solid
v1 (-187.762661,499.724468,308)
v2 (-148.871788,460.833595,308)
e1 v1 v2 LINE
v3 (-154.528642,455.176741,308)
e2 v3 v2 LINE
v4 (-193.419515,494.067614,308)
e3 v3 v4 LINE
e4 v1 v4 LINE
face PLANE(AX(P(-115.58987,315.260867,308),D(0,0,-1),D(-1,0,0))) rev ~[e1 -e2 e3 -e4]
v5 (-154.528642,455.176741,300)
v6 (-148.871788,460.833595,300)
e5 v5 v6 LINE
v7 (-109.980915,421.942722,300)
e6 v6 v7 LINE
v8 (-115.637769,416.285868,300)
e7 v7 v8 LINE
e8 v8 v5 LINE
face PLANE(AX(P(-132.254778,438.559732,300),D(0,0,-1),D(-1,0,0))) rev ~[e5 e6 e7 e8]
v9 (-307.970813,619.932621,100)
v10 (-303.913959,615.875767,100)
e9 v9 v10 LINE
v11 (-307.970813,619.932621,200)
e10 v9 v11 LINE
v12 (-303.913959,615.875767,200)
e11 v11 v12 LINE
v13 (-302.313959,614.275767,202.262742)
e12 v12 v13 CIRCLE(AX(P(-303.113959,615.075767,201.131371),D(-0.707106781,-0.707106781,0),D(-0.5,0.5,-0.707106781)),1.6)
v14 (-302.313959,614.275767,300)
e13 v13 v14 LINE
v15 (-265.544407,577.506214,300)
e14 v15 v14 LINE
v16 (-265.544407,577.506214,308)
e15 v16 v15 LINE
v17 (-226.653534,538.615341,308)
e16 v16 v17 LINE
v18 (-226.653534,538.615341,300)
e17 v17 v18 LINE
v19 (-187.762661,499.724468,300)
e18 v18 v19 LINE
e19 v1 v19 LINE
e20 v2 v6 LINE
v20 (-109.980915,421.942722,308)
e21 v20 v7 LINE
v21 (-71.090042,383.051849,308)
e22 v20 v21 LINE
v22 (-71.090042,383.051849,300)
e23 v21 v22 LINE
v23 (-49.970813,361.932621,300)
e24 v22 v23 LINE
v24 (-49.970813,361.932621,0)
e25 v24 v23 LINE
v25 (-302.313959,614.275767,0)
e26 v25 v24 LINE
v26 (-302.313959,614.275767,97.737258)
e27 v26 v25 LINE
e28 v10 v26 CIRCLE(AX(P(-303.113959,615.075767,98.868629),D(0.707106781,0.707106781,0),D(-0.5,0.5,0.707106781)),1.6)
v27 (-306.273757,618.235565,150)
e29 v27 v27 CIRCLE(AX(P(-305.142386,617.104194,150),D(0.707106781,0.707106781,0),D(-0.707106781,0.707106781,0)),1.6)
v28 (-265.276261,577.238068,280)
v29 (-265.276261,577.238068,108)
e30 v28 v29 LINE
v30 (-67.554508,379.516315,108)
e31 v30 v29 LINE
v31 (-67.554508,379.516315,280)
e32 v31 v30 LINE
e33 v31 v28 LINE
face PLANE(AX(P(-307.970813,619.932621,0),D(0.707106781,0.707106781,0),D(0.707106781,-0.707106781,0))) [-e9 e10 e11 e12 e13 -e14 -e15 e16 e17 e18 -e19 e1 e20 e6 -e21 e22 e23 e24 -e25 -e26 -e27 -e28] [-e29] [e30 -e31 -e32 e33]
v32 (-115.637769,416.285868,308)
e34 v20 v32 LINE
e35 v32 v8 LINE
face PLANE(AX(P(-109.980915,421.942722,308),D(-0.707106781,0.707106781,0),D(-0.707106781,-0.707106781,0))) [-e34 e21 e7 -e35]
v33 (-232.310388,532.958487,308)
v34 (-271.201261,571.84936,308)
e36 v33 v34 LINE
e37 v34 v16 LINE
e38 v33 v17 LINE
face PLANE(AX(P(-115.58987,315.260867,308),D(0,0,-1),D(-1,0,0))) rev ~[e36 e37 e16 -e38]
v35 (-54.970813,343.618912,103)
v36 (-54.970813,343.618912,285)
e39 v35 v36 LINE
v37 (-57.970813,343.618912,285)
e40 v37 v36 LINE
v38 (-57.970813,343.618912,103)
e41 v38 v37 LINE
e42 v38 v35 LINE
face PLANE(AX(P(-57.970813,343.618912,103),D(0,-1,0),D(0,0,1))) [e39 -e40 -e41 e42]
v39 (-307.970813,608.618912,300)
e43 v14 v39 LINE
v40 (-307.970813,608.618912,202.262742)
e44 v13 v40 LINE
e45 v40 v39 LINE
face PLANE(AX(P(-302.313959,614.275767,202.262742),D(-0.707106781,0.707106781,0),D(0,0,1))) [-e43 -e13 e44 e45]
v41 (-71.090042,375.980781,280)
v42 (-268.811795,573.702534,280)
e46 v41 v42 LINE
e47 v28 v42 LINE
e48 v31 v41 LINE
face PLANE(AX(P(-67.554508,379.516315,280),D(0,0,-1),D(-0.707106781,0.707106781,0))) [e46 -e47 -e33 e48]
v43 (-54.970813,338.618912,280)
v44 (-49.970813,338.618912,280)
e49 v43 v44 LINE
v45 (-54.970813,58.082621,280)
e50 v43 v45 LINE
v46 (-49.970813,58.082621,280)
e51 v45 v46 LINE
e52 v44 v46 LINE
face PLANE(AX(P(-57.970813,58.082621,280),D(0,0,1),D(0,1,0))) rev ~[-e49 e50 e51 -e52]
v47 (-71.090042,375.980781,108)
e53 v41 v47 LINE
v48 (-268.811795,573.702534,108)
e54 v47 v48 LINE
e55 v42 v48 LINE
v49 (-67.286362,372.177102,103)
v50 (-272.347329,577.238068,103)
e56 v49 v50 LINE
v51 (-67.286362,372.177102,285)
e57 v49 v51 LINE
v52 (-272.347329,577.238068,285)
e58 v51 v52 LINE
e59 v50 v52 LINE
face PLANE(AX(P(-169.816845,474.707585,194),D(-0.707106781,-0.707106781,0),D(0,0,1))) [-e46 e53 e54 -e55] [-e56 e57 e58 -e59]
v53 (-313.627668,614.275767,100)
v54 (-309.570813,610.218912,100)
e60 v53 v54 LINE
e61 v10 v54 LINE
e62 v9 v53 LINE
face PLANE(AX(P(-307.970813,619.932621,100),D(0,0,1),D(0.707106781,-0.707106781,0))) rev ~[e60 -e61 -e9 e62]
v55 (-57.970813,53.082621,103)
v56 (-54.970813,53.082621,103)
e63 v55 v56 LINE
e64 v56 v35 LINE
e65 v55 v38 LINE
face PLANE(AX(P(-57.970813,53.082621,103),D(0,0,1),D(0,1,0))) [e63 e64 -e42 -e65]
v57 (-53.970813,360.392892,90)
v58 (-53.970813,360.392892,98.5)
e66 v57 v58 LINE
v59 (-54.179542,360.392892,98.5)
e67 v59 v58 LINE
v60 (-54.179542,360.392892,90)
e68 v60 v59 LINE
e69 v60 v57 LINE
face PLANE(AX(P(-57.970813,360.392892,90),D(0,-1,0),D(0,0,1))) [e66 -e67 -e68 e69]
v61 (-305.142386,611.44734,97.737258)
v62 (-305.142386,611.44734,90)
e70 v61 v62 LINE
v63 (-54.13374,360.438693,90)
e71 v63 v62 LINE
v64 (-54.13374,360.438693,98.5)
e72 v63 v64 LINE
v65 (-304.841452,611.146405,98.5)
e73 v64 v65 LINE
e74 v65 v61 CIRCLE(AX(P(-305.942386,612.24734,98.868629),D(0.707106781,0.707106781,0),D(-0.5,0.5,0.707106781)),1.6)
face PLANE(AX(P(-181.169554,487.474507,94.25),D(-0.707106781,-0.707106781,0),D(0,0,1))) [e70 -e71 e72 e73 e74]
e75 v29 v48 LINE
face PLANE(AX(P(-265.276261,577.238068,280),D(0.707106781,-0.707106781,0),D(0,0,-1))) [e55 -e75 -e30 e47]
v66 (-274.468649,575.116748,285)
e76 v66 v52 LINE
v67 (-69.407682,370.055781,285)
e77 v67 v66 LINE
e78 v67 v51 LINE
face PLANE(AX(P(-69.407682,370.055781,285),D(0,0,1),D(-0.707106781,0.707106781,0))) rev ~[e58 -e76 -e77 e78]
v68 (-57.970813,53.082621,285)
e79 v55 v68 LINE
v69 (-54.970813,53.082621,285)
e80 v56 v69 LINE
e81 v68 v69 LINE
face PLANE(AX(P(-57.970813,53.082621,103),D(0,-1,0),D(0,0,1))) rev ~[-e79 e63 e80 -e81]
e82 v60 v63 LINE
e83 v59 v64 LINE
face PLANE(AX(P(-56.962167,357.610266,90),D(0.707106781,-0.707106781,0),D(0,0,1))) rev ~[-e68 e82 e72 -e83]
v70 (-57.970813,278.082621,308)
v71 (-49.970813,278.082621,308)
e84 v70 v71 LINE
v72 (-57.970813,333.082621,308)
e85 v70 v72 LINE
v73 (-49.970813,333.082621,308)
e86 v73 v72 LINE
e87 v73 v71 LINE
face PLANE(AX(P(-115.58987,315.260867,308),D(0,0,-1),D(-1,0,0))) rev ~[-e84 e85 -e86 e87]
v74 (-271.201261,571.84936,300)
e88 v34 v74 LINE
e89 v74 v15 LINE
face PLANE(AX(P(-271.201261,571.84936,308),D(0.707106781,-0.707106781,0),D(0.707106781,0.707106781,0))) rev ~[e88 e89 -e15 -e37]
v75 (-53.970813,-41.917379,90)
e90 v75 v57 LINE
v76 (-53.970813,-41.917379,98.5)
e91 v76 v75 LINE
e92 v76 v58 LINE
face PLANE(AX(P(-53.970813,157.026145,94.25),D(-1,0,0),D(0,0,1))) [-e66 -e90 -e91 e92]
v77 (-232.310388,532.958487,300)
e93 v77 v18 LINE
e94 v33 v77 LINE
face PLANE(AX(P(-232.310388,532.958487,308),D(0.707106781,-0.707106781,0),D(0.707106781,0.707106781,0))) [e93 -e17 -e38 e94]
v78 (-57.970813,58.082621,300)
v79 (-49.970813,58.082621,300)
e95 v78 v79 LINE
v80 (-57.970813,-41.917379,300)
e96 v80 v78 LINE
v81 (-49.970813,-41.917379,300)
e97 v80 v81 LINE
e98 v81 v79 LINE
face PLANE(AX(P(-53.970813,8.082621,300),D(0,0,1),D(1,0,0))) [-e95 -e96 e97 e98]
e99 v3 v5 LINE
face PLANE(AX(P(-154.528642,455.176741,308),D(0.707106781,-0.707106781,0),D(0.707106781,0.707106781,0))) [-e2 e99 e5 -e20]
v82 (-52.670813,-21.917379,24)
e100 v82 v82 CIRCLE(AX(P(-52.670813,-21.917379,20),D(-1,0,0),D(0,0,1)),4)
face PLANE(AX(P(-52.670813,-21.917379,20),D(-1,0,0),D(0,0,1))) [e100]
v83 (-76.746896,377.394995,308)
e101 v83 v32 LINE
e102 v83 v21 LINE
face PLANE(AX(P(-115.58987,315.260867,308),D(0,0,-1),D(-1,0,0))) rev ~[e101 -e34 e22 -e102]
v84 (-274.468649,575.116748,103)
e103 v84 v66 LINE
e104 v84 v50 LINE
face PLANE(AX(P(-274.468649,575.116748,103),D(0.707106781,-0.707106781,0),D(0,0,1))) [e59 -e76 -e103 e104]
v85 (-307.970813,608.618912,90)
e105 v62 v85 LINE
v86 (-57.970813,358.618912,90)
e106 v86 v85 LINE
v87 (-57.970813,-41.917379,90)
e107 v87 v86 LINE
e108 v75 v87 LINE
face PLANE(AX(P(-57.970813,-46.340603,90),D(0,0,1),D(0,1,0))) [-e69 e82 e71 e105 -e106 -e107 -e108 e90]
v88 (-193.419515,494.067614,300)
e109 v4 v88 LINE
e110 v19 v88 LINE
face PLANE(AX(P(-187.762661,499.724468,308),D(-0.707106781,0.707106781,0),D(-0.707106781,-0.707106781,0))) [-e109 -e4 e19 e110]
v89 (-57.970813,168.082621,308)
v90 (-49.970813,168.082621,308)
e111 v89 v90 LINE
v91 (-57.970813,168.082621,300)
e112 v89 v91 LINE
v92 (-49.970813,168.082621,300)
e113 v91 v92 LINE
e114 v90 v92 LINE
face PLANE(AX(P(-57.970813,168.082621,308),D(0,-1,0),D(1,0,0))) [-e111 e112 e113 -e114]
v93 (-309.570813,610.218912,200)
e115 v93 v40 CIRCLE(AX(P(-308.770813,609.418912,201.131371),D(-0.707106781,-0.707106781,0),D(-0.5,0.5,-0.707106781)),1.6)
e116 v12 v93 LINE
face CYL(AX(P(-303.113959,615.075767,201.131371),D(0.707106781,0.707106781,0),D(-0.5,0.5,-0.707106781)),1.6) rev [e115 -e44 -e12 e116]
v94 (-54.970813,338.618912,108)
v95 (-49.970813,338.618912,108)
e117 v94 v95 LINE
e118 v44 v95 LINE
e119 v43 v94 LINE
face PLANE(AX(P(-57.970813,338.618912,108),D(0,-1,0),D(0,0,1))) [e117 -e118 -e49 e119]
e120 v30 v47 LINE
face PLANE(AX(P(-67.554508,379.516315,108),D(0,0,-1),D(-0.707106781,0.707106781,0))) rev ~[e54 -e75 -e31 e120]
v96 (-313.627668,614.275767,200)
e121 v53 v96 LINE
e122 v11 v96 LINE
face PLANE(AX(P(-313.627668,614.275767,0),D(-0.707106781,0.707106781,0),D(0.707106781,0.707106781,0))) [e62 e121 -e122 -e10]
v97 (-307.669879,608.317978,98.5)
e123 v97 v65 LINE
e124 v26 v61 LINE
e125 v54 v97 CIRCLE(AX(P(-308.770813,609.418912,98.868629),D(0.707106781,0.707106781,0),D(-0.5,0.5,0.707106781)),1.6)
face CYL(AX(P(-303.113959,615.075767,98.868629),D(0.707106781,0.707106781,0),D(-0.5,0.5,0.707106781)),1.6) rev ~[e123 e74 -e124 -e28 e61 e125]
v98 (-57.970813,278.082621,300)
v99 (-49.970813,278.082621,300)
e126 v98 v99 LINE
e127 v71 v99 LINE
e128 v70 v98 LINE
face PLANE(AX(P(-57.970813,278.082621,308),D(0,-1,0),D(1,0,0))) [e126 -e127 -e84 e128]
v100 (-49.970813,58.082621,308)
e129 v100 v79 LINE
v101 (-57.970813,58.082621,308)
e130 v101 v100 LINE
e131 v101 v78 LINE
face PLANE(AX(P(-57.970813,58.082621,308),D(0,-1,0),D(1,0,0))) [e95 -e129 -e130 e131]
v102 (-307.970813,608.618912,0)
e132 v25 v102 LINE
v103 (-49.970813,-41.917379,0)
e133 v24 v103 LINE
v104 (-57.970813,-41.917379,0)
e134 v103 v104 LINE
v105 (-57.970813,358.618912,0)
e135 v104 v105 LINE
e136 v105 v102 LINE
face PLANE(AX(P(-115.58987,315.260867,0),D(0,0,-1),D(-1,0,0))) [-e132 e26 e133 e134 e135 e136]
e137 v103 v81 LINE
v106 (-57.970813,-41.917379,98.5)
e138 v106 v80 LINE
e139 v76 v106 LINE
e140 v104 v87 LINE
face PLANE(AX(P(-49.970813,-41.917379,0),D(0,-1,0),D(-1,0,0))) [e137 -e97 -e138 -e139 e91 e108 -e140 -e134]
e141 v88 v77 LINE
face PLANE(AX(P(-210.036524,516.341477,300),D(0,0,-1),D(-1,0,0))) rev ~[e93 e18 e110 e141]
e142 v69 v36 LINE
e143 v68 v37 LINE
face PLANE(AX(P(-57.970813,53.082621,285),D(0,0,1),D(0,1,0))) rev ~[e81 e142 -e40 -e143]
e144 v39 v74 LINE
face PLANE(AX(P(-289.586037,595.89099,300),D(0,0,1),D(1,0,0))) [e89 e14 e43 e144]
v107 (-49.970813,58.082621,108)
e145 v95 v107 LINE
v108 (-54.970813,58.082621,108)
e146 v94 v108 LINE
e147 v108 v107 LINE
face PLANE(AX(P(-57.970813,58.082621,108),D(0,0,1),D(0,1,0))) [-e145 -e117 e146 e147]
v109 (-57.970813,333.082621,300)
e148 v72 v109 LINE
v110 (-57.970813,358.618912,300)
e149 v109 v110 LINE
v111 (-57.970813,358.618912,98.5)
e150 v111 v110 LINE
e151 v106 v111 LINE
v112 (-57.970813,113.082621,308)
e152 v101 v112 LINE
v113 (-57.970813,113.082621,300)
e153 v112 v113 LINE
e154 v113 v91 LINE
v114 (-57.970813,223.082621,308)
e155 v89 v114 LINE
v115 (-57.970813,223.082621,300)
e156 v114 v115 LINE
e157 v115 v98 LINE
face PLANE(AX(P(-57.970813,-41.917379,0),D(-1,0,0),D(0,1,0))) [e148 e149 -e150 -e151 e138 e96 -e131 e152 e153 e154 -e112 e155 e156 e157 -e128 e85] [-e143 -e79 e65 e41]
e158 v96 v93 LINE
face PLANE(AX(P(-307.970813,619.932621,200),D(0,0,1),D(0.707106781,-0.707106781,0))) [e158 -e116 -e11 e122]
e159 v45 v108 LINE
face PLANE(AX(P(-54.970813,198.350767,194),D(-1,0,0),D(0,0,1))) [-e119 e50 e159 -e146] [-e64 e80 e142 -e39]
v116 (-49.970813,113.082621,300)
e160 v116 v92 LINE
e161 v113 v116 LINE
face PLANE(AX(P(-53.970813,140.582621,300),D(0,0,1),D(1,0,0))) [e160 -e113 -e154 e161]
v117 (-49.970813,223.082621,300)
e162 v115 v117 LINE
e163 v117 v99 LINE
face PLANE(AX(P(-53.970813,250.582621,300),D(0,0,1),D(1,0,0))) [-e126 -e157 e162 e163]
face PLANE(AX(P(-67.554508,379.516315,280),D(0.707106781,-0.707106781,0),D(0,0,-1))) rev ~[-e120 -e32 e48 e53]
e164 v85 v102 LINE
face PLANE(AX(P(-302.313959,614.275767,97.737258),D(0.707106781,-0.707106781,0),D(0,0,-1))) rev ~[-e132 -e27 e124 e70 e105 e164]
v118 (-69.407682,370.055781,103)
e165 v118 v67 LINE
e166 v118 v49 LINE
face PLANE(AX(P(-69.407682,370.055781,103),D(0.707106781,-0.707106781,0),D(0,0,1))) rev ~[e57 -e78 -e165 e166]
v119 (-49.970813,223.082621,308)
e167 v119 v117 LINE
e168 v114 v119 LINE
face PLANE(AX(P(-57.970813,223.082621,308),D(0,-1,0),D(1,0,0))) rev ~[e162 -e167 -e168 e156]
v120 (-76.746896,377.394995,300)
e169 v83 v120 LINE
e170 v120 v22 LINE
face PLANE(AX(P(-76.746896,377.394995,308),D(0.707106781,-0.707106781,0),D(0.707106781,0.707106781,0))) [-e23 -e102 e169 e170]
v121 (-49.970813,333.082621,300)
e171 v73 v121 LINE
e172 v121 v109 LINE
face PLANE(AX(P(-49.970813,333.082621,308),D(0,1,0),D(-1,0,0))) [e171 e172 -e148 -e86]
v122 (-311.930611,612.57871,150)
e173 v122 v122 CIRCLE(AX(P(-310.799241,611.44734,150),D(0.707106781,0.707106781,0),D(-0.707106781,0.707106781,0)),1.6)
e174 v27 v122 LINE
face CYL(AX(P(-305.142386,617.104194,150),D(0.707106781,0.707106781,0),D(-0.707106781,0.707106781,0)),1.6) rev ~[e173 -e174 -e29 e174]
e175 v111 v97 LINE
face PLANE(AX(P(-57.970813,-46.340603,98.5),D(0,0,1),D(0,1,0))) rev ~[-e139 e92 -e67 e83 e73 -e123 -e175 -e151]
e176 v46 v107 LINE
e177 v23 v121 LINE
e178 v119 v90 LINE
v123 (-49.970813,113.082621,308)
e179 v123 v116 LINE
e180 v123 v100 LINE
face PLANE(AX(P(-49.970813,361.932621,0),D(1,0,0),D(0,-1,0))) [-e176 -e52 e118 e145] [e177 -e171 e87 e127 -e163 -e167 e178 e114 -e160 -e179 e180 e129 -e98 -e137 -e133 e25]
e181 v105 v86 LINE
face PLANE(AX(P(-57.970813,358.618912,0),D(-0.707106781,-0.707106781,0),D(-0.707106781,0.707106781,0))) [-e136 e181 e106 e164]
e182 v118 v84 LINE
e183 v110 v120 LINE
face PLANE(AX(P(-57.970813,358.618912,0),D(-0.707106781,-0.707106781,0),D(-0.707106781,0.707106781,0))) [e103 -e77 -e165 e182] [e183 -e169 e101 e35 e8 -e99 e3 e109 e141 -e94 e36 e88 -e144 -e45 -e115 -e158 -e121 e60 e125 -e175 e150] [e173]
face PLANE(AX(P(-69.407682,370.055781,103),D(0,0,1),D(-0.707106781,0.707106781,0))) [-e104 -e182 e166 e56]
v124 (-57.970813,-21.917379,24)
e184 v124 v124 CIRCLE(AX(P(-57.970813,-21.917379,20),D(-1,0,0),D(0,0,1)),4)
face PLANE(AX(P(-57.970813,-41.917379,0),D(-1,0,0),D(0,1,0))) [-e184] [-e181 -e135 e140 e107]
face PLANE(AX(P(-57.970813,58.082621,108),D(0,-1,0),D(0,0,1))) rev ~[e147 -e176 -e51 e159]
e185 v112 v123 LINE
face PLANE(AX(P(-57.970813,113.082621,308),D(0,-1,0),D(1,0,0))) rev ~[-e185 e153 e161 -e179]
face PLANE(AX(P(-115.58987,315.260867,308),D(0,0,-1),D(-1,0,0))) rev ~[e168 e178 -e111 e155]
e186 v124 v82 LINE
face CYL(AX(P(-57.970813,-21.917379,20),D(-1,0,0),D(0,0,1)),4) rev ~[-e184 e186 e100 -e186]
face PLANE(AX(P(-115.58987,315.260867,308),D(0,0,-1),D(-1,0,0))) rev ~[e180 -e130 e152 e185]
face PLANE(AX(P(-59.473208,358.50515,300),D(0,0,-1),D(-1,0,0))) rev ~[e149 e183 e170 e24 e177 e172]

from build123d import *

# Parameters (mm, degrees)
BOSS_EXTRU_1_DEPTH      = 308
ESQUISSE2_W             = 8
ESQUISSE2_H             = 100
ESQUISSE2_H_2           = 55
ENL_V_MAT_EXTRU_1_DEPTH = 8
ESQUISSE3_W             = 172
ESQUISSE3_H             = 280.536291501
ENL_V_MAT_EXTRU_2_DEPTH = 532
ESQUISSE4_R             = 1.6
ESQUISSE4_W             = 172
ESQUISSE4_H             = 279.620784643
ENL_V_MAT_EXTRU_3_DEPTH = 8
ESQUISSE5_W             = 182
ESQUISSE5_H             = 290.536291501
ENL_V_MAT_EXTRU_4_DEPTH = 3
ESQUISSE6_W             = 182
ESQUISSE6_H             = 290
ENL_V_MAT_EXTRU_5_DEPTH = 3
ESQUISSE7_R             = 4
ENL_V_MAT_EXTRU_6_DEPTH = 5.3
ESQUISSE8_W             = 8.5
ESQUISSE8_H             = 406.733495256
ENL_V_MAT_EXTRU_7_DEPTH = 4
ESQUISSE9_W             = 8.5
ESQUISSE9_H             = 359.311541269
ENL_V_MAT_EXTRU_8_DEPTH = 4


with BuildPart() as part:
    # Esquisse1 → Boss.-Extru.1 (new body)
    with BuildSketch(Plane.XY):
        Polygon((-49.970813456, -41.917379116), (-57.970813456, -41.917379116), (-57.970813456, 358.618912385), (-313.627667703, 614.275766632), (-307.970813453, 619.932620882), (-49.970813456, 361.932620884), align=None)
    extrude(amount=BOSS_EXTRU_1_DEPTH)

    # Esquisse2 → Enlèv. mat.-Extru.1 (cut)
    with BuildSketch(Plane.XY.offset(308)):
        with Locations((-53.970813456, 8.082620884)):
            Rectangle(ESQUISSE2_W, ESQUISSE2_H)
        Polygon((-271.201260832, 571.849359761), (-265.544406582, 577.506214011), (-307.970813453, 619.932620882), (-313.627667703, 614.275766632), align=None)
        with Locations((-53.970813456, 140.582620884)):
            Rectangle(ESQUISSE2_W, ESQUISSE2_H_2)
        with Locations((-53.970813456, 250.582620884)):
            Rectangle(ESQUISSE2_W, ESQUISSE2_H_2)
        Polygon((-232.310387866, 532.958486796), (-226.653533617, 538.615341045), (-187.762660652, 499.72446808), (-193.419514901, 494.067613831), align=None)
        Polygon((-154.528641936, 455.176740865), (-148.871787686, 460.833595115), (-109.980914721, 421.94272215), (-115.637768971, 416.2858679), align=None)
        Polygon((-76.746896005, 377.394994935), (-71.090041756, 383.051849184), (-49.970813456, 361.932620884), (-49.970813456, 333.082620884), (-57.970813456, 333.082620884), (-57.970813456, 358.618912385), align=None)
    extrude(amount=-ENL_V_MAT_EXTRU_1_DEPTH, mode=Mode.SUBTRACT)

    # Esquisse3 → Enlèv. mat.-Extru.2 (cut)
    with BuildSketch(Plane.ZY.offset(57.970813456)):
        with Locations((194, 198.350766635)):
            Rectangle(ESQUISSE3_W, ESQUISSE3_H)
    extrude(amount=-ENL_V_MAT_EXTRU_2_DEPTH, mode=Mode.SUBTRACT)

    # Esquisse4 → Enlèv. mat.-Extru.3 (cut)
    with BuildSketch(Plane(origin=(155.980903714, 155.980903714, 0), x_dir=(0, 0, -1), z_dir=(0.707106781186556, 0.7071067811865391, 0))):
        with Locations(Location((-150, 652.126810705, 0), (0, 0, 90))):
            Circle(ESQUISSE4_R)
        with BuildLine():
            Line((-202.2627417, 648.126810705), (-300, 648.126810705))
            Line((-300, 648.126810705), (-300, 656.126810705))
            Line((-300, 656.126810705), (-200, 656.126810705))
            Line((-200, 656.126810705), (-200, 650.389552405))
            ThreePointArc((-200, 650.389552405), (-200, 648.126810705), (-202.2627417, 648.126810705))
        make_face()
        with BuildLine():
            Line((-100, 656.126810705), (-100, 650.389552405))
            ThreePointArc((-100, 650.389552405), (-100, 648.126810705), (-97.7372583, 648.126810705))
            Line((-97.7372583, 648.126810705), (0, 648.126810705))
            Line((0, 648.126810705), (0, 656.126810705))
            Line((0, 656.126810705), (-100, 656.126810705))
        make_face()
        with Locations((-194, 455.937203027)):
            Rectangle(ESQUISSE4_W, ESQUISSE4_H)
    extrude(amount=-ENL_V_MAT_EXTRU_3_DEPTH, mode=Mode.SUBTRACT)

    # Esquisse5 → Enlèv. mat.-Extru.4 (cut)
    with BuildSketch(Plane.ZY.offset(57.970813456)):
        with Locations((194, 198.350766635)):
            Rectangle(ESQUISSE5_W, ESQUISSE5_H)
    extrude(amount=-ENL_V_MAT_EXTRU_4_DEPTH, mode=Mode.SUBTRACT)

    # Esquisse6 → Enlèv. mat.-Extru.5 (cut)
    with BuildSketch(Plane(origin=(150.324049465, 150.324049465, 0), x_dir=(0, 0, 1), z_dir=(-0.707106781186556, -0.7071067811865391, 0))):
        with Locations((194, 455.747595348)):
            Rectangle(ESQUISSE6_W, ESQUISSE6_H)
    extrude(amount=-ENL_V_MAT_EXTRU_5_DEPTH, mode=Mode.SUBTRACT)

    # Esquisse7 → Enlèv. mat.-Extru.6 (cut)
    with BuildSketch(Plane.ZY.offset(57.970813456)):
        with Locations((20, -21.917379116)):
            Circle(ESQUISSE7_R)
    extrude(amount=-ENL_V_MAT_EXTRU_6_DEPTH, mode=Mode.SUBTRACT)

    # Esquisse8 → Enlèv. mat.-Extru.7 (cut)
    with BuildSketch(Plane.ZY.offset(57.970813456)):
        with Locations((94.25, 157.026144561)):
            Rectangle(ESQUISSE8_W, ESQUISSE8_H)
    extrude(amount=-ENL_V_MAT_EXTRU_7_DEPTH, mode=Mode.SUBTRACT)

    # Esquisse9 → Enlèv. mat.-Extru.8 (cut)
    with BuildSketch(Plane(origin=(150.324049465, 150.324049465, 0), x_dir=(0, 0, 1), z_dir=(-0.7071067811865559, -0.7071067811865391, 0))):
        with Locations((94.25, 472.802749855)):
            Rectangle(ESQUISSE9_W, ESQUISSE9_H)
    extrude(amount=-ENL_V_MAT_EXTRU_8_DEPTH, mode=Mode.SUBTRACT)


solid = part.part
